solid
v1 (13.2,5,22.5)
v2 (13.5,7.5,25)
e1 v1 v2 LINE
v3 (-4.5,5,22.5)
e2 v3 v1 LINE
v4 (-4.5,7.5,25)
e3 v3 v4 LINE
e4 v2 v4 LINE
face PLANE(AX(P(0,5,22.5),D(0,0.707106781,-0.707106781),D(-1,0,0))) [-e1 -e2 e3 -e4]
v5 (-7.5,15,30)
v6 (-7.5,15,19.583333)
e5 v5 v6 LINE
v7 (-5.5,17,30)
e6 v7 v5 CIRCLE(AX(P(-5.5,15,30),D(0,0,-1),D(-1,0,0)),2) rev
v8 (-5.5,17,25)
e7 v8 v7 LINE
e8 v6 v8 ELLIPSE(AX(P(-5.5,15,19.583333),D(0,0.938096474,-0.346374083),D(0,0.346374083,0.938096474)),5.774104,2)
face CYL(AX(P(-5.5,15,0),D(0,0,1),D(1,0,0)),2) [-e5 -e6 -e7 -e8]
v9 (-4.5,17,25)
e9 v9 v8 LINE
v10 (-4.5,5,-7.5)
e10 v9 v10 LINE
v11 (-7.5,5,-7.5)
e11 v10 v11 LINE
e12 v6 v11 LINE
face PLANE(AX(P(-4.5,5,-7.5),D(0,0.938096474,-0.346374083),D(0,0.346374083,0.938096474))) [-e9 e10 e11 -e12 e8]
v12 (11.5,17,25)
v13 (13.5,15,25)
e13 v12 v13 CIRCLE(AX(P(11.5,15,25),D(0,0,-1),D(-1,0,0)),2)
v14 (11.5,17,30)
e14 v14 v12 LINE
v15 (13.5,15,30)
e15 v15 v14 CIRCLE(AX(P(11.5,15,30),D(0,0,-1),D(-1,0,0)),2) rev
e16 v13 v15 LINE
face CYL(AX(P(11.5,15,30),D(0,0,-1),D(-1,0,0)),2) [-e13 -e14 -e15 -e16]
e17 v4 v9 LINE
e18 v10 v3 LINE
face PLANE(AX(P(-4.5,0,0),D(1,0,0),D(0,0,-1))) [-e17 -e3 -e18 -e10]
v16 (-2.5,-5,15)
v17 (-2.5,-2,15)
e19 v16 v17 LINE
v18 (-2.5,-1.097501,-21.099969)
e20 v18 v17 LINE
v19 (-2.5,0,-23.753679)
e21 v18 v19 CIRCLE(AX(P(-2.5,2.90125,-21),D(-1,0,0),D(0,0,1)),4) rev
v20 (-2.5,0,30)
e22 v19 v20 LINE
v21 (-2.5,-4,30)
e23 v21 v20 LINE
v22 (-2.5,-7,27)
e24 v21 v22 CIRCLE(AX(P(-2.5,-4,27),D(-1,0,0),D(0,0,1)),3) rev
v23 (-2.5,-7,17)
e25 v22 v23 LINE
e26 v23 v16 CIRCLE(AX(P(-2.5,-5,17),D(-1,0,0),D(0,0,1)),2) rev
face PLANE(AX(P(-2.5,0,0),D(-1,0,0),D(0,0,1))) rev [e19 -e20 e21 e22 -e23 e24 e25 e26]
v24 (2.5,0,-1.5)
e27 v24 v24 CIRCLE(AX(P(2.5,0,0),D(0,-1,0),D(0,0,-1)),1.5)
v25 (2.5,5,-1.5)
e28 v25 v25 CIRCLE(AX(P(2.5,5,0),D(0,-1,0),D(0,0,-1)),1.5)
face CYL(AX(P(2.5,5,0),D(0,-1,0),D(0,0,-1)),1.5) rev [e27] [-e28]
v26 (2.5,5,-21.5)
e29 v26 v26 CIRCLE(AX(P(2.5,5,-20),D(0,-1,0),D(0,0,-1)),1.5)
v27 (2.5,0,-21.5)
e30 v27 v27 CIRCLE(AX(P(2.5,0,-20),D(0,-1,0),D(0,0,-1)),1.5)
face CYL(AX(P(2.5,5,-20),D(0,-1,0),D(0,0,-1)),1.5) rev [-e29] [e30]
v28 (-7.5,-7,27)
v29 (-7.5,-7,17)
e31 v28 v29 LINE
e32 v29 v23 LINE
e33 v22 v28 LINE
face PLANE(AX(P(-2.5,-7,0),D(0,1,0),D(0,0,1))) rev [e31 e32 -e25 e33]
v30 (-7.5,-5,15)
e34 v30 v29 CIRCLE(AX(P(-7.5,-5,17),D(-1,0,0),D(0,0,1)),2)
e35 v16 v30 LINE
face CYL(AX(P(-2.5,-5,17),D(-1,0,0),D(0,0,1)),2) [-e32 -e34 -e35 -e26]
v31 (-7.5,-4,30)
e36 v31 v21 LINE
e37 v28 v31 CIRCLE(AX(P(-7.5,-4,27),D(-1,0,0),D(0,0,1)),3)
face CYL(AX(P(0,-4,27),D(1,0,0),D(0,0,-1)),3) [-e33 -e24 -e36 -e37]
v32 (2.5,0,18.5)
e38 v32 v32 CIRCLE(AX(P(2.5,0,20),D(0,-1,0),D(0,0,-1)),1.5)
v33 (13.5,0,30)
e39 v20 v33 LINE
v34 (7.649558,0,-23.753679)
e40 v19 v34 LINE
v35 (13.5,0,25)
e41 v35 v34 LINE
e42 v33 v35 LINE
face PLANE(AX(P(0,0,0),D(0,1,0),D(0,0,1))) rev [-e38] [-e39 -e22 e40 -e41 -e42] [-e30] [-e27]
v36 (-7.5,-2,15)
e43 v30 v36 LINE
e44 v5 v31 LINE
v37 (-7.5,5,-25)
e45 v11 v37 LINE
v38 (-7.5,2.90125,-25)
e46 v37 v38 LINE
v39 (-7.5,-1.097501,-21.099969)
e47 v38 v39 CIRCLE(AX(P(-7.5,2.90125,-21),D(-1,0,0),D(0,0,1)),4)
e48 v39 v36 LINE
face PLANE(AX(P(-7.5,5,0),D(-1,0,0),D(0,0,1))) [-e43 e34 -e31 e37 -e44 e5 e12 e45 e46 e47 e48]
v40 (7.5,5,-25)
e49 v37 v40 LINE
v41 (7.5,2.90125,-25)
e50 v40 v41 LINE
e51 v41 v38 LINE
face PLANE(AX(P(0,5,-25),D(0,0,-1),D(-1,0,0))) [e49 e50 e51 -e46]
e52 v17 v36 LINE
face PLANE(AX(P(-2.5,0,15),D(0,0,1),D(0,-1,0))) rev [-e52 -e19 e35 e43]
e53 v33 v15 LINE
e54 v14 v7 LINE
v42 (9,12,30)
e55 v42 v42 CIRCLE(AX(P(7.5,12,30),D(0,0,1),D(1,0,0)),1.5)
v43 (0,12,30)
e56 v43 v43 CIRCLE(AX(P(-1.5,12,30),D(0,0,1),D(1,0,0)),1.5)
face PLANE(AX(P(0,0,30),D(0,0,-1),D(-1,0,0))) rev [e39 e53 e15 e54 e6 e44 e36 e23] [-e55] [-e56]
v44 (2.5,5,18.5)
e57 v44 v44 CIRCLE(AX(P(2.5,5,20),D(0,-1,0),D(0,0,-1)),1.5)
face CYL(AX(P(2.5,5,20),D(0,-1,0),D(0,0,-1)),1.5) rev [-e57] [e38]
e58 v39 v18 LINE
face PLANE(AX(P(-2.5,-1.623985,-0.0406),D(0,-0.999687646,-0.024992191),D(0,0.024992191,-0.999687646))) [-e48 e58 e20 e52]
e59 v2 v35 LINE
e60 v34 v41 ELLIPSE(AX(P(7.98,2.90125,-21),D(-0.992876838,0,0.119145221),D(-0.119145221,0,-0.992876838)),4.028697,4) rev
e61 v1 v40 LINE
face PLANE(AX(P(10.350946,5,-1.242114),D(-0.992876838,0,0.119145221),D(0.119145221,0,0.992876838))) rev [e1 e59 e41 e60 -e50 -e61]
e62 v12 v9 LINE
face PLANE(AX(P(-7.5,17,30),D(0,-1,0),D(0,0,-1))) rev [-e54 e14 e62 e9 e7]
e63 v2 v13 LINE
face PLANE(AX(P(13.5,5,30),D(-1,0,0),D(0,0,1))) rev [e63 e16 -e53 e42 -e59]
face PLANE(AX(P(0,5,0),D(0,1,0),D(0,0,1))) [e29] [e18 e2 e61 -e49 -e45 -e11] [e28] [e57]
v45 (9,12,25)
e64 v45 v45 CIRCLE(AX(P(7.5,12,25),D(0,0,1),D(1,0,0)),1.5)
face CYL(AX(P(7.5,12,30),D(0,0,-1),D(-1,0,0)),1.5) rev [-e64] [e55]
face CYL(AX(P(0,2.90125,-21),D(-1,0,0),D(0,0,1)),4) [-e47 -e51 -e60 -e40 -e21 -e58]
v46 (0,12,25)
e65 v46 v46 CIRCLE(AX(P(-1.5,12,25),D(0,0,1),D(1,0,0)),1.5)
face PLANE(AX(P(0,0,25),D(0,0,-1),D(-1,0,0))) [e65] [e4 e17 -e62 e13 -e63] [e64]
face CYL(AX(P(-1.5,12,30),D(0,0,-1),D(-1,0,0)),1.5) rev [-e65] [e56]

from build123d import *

# Parameters (mm, degrees)
SKETCH_1_W          = 15
SKETCH_1_H          = 50
EXTRUDE_1_DEPTH     = 5
SKETCH_3_W          = 50
SKETCH_3_H          = 1
SKETCH_3_W_2        = 10
SKETCH_3_H_2        = 5
EXTRUDE_2_DEPTH     = 5
FILLET_1_R          = 4
FILLET_2_R          = 2
SKETCH_4_R          = 1.5
CUT_EXTRUDE_1_DEPTH = 5
SKETCH_5_R          = 1.5
EXTRUDE_3_DEPTH     = 5
CHAMFER_1_SIZE      = 2.5
FILLET_4_R          = 3
EXTRUDE_4_DEPTH     = 3
FILLET_5_R          = 2


with BuildPart() as part:
    # 草图1 → 凸台-拉伸1 (new body)
    with BuildSketch(Plane(origin=(0, 0, 0), x_dir=(1, 0, 0), z_dir=(0, 1, 0))):
        Rectangle(SKETCH_1_W, SKETCH_1_H)
        Polygon((7.5, -25), (13.5, -25), (7.5, 25), align=None)
    extrude(amount=EXTRUDE_1_DEPTH)

    # 草图3 → 凸台-拉伸2 (add)
    with BuildSketch(Plane.ZY.offset(7.5)):
        with Locations((0, -0.5)):
            Rectangle(SKETCH_3_W, SKETCH_3_H)
        Polygon((15, -2), (25, -2), (25, -1), (-25, -1), align=None)
        with Locations((20, -4.5)):
            Rectangle(SKETCH_3_W_2, SKETCH_3_H_2)
    extrude(amount=-EXTRUDE_2_DEPTH)

    # 圆角1
    fillet_1_edges = [part.edges().sort_by_distance(p)[0] for p in [
        (-5, -1, -25),
    ]]
    fillet(fillet_1_edges, radius=FILLET_1_R)

    # 圆角2
    fillet_2_edges = [part.edges().sort_by_distance(p)[0] for p in [
        (-5, -7, 15),
    ]]
    fillet(fillet_2_edges, radius=FILLET_2_R)

    # 草图4 → 切除-拉伸1 (cut)
    with BuildSketch(Plane.XZ):
        with Locations(Location((2.5, 20, 0), (0, 0, 270))):
            Circle(SKETCH_4_R)
        with Locations(Location((2.5, 0, 0), (0, 0, 270))):
            Circle(SKETCH_4_R)
        with Locations(Location((2.5, -20, 0), (0, 0, 270))):
            Circle(SKETCH_4_R)
    extrude(amount=-CUT_EXTRUDE_1_DEPTH, mode=Mode.SUBTRACT)

    # 草图5 → 凸台-拉伸3 (add)
    with BuildSketch(Plane.XY.offset(25)):
        Polygon((13.5, 5), (13.5, 0), (-2.5, 0), (-2.5, -7), (-7.5, -7), (-7.5, 5), (-7.5, 17), (13.5, 17), align=None)
        with Locations((-1.5, 12)):
            Circle(SKETCH_5_R, mode=Mode.SUBTRACT)
        with Locations((7.5, 12)):
            Circle(SKETCH_5_R, mode=Mode.SUBTRACT)
    extrude(amount=EXTRUDE_3_DEPTH)

    # 倒角1
    chamfer_1_edges = [part.edges().sort_by_distance(p)[0] for p in [
        (3, 5, 25),
    ]]
    chamfer(chamfer_1_edges, length=CHAMFER_1_SIZE)

    # 圆角4
    fillet_4_edges = [part.edges().sort_by_distance(p)[0] for p in [
        (-5, -7, 30),
    ]]
    fillet(fillet_4_edges, radius=FILLET_4_R)

    # 草图6 → 凸台-拉伸4 (add)
    with BuildSketch(Plane.ZY.offset(7.5)):
        Polygon((25, 17), (25, 7.5), (22.5, 5), (-7.5, 5), align=None)
    extrude(amount=-EXTRUDE_4_DEPTH)

    # 圆角5
    fillet_5_edges = [part.edges().sort_by_distance(p)[0] for p in [
        (13.5, 17, 27.5),
        (-7.5, 17, 27.5),
    ]]
    fillet(fillet_5_edges, radius=FILLET_5_R)


solid = part.part
